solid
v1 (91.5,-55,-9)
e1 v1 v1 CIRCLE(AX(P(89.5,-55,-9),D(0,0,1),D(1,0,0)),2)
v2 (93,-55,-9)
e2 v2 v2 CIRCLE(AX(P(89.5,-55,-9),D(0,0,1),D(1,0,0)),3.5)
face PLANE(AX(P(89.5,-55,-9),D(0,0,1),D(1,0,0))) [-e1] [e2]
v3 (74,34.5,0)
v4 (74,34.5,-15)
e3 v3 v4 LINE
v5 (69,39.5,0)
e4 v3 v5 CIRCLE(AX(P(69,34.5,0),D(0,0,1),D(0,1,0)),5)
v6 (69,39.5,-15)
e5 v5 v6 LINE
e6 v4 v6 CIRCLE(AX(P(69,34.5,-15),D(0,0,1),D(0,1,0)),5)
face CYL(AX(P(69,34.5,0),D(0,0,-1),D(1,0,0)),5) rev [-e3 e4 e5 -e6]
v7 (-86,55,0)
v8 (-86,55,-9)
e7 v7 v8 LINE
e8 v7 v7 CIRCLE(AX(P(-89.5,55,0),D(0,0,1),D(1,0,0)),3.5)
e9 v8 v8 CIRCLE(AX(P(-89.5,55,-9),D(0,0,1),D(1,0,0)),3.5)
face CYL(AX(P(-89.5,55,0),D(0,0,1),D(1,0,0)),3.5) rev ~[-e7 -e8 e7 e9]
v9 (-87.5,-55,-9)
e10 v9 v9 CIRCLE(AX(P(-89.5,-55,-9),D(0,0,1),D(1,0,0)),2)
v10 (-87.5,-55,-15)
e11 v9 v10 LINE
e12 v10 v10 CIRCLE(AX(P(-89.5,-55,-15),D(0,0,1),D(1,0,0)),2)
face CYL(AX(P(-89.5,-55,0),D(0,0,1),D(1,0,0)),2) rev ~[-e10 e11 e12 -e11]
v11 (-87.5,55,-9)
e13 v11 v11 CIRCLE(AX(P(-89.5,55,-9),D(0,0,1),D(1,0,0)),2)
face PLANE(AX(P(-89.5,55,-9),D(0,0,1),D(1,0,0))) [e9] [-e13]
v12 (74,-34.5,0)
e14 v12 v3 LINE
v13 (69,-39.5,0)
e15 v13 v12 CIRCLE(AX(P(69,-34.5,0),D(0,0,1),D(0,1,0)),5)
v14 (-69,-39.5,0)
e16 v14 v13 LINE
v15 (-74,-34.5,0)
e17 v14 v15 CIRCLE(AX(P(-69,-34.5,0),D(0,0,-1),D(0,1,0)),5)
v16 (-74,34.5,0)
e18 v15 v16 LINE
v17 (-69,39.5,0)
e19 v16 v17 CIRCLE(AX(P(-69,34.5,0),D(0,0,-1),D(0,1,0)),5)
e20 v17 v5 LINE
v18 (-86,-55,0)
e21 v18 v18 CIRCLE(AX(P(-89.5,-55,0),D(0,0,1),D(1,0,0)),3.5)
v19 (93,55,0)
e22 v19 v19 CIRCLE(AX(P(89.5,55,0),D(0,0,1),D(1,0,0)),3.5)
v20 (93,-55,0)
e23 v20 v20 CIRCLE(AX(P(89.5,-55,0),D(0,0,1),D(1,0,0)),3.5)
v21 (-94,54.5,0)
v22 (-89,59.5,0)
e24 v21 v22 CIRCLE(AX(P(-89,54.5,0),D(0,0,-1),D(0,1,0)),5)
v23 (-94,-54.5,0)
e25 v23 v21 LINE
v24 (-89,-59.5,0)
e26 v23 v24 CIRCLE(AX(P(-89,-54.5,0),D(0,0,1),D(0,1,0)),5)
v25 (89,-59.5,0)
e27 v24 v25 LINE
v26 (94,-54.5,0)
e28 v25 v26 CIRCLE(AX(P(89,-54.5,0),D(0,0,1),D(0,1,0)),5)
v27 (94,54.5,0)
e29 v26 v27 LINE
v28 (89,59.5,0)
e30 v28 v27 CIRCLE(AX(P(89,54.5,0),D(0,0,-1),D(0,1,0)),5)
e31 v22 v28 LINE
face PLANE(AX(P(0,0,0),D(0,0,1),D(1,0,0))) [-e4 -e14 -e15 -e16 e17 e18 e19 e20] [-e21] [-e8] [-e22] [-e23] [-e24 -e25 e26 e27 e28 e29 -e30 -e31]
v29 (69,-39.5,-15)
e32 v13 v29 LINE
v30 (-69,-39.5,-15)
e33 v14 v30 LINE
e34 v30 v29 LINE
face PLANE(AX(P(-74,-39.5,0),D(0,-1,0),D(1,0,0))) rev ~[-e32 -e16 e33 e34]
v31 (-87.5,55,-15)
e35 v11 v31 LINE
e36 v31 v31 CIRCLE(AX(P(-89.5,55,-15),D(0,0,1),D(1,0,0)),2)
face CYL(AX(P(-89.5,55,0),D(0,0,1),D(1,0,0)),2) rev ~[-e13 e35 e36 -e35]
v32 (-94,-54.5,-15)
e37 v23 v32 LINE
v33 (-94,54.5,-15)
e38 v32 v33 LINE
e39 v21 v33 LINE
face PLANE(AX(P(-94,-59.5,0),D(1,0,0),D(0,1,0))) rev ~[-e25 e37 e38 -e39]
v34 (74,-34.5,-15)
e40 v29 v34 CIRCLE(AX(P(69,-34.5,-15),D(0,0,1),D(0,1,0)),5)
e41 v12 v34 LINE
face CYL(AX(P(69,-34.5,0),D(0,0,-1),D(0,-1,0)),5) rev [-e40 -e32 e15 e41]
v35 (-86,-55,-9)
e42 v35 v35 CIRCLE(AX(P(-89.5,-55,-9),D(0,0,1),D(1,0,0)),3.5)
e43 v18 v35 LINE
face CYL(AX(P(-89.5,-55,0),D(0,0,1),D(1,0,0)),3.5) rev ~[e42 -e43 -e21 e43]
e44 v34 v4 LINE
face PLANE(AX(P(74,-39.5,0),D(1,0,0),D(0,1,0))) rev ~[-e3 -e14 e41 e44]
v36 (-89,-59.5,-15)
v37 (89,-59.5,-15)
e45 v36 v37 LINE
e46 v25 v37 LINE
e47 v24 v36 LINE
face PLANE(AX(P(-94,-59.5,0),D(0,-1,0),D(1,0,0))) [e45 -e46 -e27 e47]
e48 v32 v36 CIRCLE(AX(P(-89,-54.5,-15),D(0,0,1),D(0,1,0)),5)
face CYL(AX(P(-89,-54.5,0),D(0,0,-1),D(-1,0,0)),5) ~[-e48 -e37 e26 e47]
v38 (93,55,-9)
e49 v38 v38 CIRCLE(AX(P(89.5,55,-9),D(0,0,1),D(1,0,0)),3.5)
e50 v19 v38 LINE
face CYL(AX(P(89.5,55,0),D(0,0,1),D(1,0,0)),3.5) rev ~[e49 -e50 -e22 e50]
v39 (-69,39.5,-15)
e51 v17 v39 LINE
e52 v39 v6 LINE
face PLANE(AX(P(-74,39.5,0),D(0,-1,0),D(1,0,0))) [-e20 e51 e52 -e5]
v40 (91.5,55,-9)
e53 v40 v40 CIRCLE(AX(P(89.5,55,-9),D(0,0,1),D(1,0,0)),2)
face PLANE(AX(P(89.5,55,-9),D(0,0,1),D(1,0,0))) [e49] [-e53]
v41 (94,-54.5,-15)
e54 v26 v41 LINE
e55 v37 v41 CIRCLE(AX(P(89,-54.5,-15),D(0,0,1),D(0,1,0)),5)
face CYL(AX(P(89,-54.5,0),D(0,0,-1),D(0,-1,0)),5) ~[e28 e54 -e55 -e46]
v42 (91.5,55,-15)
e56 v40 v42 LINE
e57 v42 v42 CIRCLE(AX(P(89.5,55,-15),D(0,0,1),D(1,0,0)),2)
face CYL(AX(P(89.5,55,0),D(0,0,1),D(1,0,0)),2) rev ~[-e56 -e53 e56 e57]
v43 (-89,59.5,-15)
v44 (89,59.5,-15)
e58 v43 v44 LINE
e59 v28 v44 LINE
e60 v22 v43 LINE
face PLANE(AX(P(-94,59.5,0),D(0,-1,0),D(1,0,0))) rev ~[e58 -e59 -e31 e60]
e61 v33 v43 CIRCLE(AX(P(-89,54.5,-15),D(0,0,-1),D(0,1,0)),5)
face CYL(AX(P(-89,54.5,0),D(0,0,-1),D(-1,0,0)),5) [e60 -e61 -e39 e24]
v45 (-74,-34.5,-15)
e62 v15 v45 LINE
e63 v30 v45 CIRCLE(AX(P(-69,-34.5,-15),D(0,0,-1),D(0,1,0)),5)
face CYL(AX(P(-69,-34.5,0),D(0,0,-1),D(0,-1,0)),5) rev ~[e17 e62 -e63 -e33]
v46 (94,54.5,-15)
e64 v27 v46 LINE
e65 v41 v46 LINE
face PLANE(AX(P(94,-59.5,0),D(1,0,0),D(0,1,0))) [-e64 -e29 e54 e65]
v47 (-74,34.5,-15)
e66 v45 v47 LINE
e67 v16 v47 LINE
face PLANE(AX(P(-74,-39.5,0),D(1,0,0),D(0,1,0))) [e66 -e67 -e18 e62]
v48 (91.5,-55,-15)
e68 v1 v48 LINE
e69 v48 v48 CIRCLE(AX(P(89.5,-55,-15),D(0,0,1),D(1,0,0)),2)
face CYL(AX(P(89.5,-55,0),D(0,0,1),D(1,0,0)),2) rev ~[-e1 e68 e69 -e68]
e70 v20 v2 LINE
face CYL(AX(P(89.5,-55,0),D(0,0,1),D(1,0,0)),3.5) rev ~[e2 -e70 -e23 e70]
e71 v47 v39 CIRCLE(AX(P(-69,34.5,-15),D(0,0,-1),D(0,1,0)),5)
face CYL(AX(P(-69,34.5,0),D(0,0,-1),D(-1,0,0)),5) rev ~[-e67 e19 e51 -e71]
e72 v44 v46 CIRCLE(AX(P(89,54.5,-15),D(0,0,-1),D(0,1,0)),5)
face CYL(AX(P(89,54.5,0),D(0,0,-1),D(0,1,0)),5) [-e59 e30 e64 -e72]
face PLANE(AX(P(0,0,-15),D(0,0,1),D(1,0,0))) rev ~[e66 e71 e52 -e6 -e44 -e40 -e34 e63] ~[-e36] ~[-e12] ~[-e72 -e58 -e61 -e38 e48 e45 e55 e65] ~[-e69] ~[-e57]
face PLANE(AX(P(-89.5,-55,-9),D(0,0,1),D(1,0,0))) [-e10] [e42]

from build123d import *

# Parameters (mm, degrees)
F0_W     = 188
F0_H     = 119
F0_R     = 3.5
F0_W_2   = 148
F0_H_2   = 79
F0_R_2   = 2
F1_DEPTH = 15
F2_DEPTH = 9
F3_R     = 5


with BuildPart() as f1:
    # F0 (on Top) → F1 (new body)
    with BuildSketch(Plane.XY):
        Rectangle(F0_W, F0_H)
        with Locations((-89.5, -55)):
            Circle(F0_R, mode=Mode.SUBTRACT)
        with Locations((89.5, -55)):
            Circle(F0_R, mode=Mode.SUBTRACT)
        with Locations((-89.5, 55)):
            Circle(F0_R, mode=Mode.SUBTRACT)
        Rectangle(F0_W_2, F0_H_2, mode=Mode.SUBTRACT)
        with Locations((89.5, 55)):
            Circle(F0_R, mode=Mode.SUBTRACT)
        with Locations((-89.5, 55)):
            Circle(F0_R)
        with Locations((-89.5, 55)):
            Circle(F0_R_2, mode=Mode.SUBTRACT)
        with Locations((89.5, 55)):
            Circle(F0_R)
        with Locations((89.5, 55)):
            Circle(F0_R_2, mode=Mode.SUBTRACT)
        with Locations((89.5, -55)):
            Circle(F0_R)
        with Locations((89.5, -55)):
            Circle(F0_R_2, mode=Mode.SUBTRACT)
        with Locations((-89.5, -55)):
            Circle(F0_R)
        with Locations((-89.5, -55)):
            Circle(F0_R_2, mode=Mode.SUBTRACT)
    extrude(amount=-F1_DEPTH)

    # F0 (on Top) → F2 (cut)
    with BuildSketch(Plane.XY):
        with Locations((-89.5, 55)):
            Circle(F0_R)
        with Locations((-89.5, 55)):
            Circle(F0_R_2, mode=Mode.SUBTRACT)
        with Locations((89.5, 55)):
            Circle(F0_R)
        with Locations((89.5, 55)):
            Circle(F0_R_2, mode=Mode.SUBTRACT)
        with Locations((89.5, -55)):
            Circle(F0_R)
        with Locations((89.5, -55)):
            Circle(F0_R_2, mode=Mode.SUBTRACT)
        with Locations((-89.5, -55)):
            Circle(F0_R)
        with Locations((-89.5, -55)):
            Circle(F0_R_2, mode=Mode.SUBTRACT)
    extrude(amount=-F2_DEPTH, mode=Mode.SUBTRACT)

    # F3
    f3_edges = [f1.edges().sort_by_distance(p)[0] for p in [
        (94, 59.5, -7.5),
        (-94, 59.5, -7.5),
        (-94, -59.5, -7.5),
        (94, -59.5, -7.5),
        (-74, 39.5, -7.5),
        (74, 39.5, -7.5),
        (74, -39.5, -7.5),
        (-74, -39.5, -7.5),
    ]]
    fillet(f3_edges, radius=F3_R)


solid = f1.part
